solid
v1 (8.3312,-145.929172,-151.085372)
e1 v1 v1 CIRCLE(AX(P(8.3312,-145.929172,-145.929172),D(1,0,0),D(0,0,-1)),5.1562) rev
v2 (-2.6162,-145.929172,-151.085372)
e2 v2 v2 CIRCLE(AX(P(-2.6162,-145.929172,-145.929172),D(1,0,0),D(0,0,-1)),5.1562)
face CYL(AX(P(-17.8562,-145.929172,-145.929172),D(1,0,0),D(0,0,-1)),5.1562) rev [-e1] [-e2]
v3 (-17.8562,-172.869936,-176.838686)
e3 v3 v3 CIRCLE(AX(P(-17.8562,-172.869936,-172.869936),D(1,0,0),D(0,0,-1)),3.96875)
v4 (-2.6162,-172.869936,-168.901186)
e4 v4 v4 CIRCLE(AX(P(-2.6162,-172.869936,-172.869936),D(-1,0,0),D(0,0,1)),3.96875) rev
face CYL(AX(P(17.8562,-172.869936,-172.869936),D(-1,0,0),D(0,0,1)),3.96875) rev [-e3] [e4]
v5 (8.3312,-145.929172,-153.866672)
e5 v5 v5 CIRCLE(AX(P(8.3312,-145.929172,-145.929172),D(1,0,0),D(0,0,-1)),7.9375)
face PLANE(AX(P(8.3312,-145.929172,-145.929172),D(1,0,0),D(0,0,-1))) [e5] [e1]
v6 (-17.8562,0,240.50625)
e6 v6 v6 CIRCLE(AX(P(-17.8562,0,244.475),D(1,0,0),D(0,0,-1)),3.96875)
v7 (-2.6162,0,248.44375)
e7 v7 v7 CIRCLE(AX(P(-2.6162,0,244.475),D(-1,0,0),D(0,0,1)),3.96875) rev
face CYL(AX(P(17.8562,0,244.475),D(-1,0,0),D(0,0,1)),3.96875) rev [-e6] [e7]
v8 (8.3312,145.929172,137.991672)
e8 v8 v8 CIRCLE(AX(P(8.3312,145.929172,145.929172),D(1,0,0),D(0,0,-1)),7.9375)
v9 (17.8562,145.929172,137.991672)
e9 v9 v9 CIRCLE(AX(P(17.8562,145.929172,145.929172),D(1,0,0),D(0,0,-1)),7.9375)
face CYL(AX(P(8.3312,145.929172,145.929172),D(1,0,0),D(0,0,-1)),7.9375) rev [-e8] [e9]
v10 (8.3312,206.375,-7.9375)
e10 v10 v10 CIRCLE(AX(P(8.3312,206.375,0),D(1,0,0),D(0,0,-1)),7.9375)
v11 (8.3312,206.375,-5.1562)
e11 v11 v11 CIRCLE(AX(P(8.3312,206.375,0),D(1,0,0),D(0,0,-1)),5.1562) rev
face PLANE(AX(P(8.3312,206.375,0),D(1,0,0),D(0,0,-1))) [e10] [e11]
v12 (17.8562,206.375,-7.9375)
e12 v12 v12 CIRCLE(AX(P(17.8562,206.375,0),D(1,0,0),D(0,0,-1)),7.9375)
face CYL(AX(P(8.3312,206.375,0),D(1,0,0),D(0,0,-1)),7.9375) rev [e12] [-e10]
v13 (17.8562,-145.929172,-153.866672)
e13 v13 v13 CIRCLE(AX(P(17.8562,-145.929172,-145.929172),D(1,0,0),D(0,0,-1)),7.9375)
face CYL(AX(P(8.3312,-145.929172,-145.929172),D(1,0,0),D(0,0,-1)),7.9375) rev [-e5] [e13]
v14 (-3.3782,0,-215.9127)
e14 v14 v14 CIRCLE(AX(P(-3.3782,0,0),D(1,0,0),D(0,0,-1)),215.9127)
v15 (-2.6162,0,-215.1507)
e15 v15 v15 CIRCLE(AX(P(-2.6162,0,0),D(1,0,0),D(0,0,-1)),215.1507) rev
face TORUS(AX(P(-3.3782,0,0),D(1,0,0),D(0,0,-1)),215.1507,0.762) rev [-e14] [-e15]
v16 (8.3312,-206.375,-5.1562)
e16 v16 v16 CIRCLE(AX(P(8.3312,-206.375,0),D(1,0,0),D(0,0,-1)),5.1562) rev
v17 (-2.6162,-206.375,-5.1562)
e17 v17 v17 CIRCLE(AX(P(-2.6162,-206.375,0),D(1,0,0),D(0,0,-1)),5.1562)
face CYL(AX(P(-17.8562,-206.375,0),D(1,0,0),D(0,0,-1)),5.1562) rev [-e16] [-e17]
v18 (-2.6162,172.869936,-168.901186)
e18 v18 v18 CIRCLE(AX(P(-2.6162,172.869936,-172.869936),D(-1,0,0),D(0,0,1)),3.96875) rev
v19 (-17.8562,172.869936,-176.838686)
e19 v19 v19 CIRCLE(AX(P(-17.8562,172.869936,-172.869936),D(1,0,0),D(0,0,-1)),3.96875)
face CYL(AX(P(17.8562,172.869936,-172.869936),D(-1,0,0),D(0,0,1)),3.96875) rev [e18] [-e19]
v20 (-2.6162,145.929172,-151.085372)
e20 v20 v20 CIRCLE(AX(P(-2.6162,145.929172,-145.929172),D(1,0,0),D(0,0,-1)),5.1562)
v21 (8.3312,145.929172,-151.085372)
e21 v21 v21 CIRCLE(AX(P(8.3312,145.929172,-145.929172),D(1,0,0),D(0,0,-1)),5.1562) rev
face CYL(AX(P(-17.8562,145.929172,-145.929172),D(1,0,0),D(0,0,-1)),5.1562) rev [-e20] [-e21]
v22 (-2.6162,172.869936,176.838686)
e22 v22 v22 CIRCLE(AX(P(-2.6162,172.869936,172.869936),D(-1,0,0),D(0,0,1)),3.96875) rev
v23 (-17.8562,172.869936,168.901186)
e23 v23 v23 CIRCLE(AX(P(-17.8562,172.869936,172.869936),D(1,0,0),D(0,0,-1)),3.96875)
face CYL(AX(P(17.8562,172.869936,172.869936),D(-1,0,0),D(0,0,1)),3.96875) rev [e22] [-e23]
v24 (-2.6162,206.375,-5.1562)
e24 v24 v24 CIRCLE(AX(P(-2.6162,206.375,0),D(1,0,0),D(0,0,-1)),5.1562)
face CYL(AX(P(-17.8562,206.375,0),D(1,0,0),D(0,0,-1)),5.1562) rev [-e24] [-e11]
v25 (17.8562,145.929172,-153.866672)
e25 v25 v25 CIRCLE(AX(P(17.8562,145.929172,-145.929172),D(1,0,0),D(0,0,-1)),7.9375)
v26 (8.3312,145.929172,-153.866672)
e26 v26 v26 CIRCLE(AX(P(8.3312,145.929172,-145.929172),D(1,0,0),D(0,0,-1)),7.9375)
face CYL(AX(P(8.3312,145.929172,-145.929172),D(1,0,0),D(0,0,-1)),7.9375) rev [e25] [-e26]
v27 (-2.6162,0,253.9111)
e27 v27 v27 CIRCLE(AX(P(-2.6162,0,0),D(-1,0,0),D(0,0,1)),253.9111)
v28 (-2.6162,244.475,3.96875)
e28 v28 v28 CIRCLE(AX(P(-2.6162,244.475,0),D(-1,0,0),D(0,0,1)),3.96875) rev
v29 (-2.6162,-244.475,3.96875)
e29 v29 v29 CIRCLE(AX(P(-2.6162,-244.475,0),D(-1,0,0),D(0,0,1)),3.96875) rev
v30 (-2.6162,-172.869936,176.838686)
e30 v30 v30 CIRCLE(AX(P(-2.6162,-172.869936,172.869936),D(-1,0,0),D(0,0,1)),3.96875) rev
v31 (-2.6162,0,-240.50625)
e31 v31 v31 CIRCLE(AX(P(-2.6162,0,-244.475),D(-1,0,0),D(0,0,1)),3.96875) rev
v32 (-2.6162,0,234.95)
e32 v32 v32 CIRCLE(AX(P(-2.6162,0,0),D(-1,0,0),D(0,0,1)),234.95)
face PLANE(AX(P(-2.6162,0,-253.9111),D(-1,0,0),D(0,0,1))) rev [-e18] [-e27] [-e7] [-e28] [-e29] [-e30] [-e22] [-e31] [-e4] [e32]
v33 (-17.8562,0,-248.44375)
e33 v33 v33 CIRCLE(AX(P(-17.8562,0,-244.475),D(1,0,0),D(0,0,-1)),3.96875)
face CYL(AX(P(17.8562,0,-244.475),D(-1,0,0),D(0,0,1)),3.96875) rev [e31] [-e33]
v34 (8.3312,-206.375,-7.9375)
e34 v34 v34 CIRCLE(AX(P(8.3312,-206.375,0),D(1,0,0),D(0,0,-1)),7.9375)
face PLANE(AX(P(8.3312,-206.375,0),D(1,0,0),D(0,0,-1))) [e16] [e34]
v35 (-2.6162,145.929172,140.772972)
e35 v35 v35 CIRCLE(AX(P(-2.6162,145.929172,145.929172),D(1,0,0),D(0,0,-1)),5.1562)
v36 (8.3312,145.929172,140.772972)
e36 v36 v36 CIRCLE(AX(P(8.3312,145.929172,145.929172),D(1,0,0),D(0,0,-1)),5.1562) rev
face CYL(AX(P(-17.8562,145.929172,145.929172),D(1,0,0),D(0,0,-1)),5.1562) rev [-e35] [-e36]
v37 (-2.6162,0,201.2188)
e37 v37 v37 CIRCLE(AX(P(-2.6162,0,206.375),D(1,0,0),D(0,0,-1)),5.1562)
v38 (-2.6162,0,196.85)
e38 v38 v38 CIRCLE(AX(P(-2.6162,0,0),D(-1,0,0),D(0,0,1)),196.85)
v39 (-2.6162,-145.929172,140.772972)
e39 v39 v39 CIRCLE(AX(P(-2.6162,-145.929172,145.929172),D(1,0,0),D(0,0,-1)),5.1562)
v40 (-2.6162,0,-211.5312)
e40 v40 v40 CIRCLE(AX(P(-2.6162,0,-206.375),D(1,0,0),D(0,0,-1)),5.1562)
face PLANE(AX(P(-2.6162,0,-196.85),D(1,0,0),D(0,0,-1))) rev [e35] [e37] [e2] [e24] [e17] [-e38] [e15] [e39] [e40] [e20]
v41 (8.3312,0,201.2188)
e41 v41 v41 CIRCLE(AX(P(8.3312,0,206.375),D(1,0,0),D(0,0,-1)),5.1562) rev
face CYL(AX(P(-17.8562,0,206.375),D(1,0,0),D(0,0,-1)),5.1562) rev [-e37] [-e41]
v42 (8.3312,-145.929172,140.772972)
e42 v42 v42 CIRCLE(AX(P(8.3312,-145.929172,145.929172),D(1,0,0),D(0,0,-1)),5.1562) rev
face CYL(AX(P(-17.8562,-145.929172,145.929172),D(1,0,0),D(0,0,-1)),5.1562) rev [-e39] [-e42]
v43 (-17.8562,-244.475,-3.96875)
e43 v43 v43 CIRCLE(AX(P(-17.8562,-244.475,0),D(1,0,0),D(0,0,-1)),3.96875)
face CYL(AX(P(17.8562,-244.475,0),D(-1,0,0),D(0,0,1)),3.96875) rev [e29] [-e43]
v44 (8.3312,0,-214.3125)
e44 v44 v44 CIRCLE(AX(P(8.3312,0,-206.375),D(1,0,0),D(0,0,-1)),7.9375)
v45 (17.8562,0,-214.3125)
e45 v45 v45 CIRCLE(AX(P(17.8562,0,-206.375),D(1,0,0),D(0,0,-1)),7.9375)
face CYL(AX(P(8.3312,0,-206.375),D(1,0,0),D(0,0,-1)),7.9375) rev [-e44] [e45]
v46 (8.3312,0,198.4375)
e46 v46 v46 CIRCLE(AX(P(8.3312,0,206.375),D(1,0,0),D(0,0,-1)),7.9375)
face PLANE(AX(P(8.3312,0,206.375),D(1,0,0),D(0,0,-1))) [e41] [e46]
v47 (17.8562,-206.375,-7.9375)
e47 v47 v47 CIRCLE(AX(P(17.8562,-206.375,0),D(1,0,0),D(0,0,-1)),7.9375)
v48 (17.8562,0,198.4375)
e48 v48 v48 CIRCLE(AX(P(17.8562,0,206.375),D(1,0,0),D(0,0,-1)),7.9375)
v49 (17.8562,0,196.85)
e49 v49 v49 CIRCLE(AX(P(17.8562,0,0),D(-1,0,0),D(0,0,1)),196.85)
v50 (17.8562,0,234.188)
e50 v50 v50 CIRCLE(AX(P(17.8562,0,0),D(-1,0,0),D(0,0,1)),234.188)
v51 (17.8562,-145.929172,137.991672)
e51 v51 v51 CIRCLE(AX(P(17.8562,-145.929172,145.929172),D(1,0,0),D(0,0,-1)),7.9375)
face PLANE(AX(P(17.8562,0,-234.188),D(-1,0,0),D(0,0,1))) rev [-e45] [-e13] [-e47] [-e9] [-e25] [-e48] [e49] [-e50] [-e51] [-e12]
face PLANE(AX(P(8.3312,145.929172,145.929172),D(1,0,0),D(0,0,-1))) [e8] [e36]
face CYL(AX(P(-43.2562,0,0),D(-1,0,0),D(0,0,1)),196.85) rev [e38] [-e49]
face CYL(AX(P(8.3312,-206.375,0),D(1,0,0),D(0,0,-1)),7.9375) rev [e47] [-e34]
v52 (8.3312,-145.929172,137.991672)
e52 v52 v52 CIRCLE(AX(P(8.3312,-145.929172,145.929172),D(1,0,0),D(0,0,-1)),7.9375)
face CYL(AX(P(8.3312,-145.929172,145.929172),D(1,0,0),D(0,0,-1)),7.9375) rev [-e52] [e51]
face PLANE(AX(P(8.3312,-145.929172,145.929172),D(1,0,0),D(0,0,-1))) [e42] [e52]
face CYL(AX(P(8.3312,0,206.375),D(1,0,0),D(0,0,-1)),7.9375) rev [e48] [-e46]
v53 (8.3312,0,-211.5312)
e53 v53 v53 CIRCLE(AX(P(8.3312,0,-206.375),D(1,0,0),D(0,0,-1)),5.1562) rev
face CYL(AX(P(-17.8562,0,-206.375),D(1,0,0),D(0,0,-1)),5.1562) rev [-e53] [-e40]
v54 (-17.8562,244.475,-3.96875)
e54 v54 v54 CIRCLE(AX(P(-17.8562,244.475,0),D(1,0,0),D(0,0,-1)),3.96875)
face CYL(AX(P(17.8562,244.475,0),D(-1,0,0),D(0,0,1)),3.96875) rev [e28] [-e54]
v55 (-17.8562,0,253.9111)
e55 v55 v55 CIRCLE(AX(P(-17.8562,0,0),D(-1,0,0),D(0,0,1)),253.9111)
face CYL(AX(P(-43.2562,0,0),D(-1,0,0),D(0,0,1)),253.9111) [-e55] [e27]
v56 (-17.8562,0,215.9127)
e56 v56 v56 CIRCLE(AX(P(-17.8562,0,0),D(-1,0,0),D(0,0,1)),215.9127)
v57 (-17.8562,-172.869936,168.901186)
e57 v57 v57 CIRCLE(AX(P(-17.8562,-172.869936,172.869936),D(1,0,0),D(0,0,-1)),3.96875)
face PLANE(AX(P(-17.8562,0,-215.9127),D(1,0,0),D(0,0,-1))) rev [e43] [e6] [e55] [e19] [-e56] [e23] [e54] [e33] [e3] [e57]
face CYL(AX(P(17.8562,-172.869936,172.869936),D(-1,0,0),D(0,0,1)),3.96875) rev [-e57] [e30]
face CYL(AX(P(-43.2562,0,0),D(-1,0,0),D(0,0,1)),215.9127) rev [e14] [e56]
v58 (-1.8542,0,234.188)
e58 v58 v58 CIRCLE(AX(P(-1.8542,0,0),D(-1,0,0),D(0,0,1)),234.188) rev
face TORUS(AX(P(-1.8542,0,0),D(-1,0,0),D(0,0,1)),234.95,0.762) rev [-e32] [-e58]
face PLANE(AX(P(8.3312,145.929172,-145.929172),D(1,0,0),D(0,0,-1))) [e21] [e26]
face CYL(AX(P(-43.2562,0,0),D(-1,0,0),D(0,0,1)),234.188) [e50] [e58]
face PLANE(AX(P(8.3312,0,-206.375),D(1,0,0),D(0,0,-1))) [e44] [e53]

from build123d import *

# Parameters (mm, degrees)
FILLET1_R          = 0.762
FILLET2_R          = 0.762
CUT_EXTRUDE2_START = -17.8562
SKETCH2_R          = 3.96875
CUT_EXTRUDE2_DEPTH = 35.7124
CUT_EXTRUDE4_START = 17.8562
SKETCH3_R          = 5.1562
CUT_EXTRUDE4_DEPTH = 35.7124
CUT_EXTRUDE6_START = 17.8562
SKETCH4_R          = 7.9375
CUT_EXTRUDE6_DEPTH = 9.525


with BuildPart() as part:
    # Sketch1 → Revolve1 (revolve)
    with BuildSketch(Plane(origin=(0, 0, 0), x_dir=(1, 0, 0), z_dir=(0, 1, 0)), mode=Mode.PRIVATE) as revolve1_sk:
        Polygon((-17.8562, 253.9111), (-2.6162, 253.9111), (-2.6162, 234.188), (17.8562, 234.188), (17.8562, 196.85), (-2.6162, 196.85), (-2.6162, 215.9127), (-17.8562, 215.9127), align=None)
    revolve(revolve1_sk.sketch.rotate(Axis((-43.2562, 0, 0), (1, 0, 0)), 180), axis=Axis((-43.2562, 0, 0), (1, 0, 0)))

    # Fillet1
    fillet1_edges = [part.edges().sort_by_distance(p)[0] for p in [
        (-2.6162, 0, -234.188),
    ]]
    fillet(fillet1_edges, radius=FILLET1_R)

    # Fillet2
    fillet2_edges = [part.edges().sort_by_distance(p)[0] for p in [
        (-2.6162, 0, -215.9127),
    ]]
    fillet(fillet2_edges, radius=FILLET2_R)

    # Sketch2 → Cut-Extrude2 (cut)
    with BuildSketch(Plane(origin=(0, 0, 0), x_dir=(0, 0, -1), z_dir=(1, 0, 0)).offset(CUT_EXTRUDE2_START)):
        with Locations(Location((244.475, 0, 0), (0, 0, 180))):
            Circle(SKETCH2_R)
        with Locations(Location((172.8699362, 172.8699362, 0), (0, 0, 180))):
            Circle(SKETCH2_R)
        with Locations(Location((0, 244.475, 0), (0, 0, 180))):
            Circle(SKETCH2_R)
        with Locations(Location((-172.8699362, 172.8699362, 0), (0, 0, 180))):
            Circle(SKETCH2_R)
        with Locations(Location((-244.475, 0, 0), (0, 0, 180))):
            Circle(SKETCH2_R)
        with Locations(Location((-172.8699362, -172.8699362, 0), (0, 0, 180))):
            Circle(SKETCH2_R)
        with Locations(Location((0, -244.475, 0), (0, 0, 180))):
            Circle(SKETCH2_R)
        with Locations(Location((172.8699362, -172.8699362, 0), (0, 0, 180))):
            Circle(SKETCH2_R)
    extrude(amount=CUT_EXTRUDE2_DEPTH, mode=Mode.SUBTRACT)

    # Sketch3 → Cut-Extrude4 (cut)
    with BuildSketch(Plane(origin=(0, 0, 0), x_dir=(0, 0, -1), z_dir=(1, 0, 0)).offset(CUT_EXTRUDE4_START)):
        with Locations((206.375, 0)):
            Circle(SKETCH3_R)
        with Locations((145.9291722, 145.9291722)):
            Circle(SKETCH3_R)
        with Locations((0, 206.375)):
            Circle(SKETCH3_R)
        with Locations((-145.9291722, 145.9291722)):
            Circle(SKETCH3_R)
        with Locations((-206.375, 0)):
            Circle(SKETCH3_R)
        with Locations((-145.9291722, -145.9291722)):
            Circle(SKETCH3_R)
        with Locations((0, -206.375)):
            Circle(SKETCH3_R)
        with Locations((145.9291722, -145.9291722)):
            Circle(SKETCH3_R)
    extrude(amount=-CUT_EXTRUDE4_DEPTH, mode=Mode.SUBTRACT)

    # Sketch4 → Cut-Extrude6 (cut)
    with BuildSketch(Plane(origin=(0, 0, 0), x_dir=(0, 0, -1), z_dir=(1, 0, 0)).offset(CUT_EXTRUDE6_START)):
        with Locations((206.375, 0)):
            Circle(SKETCH4_R)
        with Locations((145.9291722, 145.9291722)):
            Circle(SKETCH4_R)
        with Locations((0, 206.375)):
            Circle(SKETCH4_R)
        with Locations((-145.9291722, 145.9291722)):
            Circle(SKETCH4_R)
        with Locations((-206.375, 0)):
            Circle(SKETCH4_R)
        with Locations((-145.9291722, -145.9291722)):
            Circle(SKETCH4_R)
        with Locations((0, -206.375)):
            Circle(SKETCH4_R)
        with Locations((145.9291722, -145.9291722)):
            Circle(SKETCH4_R)
    extrude(amount=-CUT_EXTRUDE6_DEPTH, mode=Mode.SUBTRACT)


solid = part.part
